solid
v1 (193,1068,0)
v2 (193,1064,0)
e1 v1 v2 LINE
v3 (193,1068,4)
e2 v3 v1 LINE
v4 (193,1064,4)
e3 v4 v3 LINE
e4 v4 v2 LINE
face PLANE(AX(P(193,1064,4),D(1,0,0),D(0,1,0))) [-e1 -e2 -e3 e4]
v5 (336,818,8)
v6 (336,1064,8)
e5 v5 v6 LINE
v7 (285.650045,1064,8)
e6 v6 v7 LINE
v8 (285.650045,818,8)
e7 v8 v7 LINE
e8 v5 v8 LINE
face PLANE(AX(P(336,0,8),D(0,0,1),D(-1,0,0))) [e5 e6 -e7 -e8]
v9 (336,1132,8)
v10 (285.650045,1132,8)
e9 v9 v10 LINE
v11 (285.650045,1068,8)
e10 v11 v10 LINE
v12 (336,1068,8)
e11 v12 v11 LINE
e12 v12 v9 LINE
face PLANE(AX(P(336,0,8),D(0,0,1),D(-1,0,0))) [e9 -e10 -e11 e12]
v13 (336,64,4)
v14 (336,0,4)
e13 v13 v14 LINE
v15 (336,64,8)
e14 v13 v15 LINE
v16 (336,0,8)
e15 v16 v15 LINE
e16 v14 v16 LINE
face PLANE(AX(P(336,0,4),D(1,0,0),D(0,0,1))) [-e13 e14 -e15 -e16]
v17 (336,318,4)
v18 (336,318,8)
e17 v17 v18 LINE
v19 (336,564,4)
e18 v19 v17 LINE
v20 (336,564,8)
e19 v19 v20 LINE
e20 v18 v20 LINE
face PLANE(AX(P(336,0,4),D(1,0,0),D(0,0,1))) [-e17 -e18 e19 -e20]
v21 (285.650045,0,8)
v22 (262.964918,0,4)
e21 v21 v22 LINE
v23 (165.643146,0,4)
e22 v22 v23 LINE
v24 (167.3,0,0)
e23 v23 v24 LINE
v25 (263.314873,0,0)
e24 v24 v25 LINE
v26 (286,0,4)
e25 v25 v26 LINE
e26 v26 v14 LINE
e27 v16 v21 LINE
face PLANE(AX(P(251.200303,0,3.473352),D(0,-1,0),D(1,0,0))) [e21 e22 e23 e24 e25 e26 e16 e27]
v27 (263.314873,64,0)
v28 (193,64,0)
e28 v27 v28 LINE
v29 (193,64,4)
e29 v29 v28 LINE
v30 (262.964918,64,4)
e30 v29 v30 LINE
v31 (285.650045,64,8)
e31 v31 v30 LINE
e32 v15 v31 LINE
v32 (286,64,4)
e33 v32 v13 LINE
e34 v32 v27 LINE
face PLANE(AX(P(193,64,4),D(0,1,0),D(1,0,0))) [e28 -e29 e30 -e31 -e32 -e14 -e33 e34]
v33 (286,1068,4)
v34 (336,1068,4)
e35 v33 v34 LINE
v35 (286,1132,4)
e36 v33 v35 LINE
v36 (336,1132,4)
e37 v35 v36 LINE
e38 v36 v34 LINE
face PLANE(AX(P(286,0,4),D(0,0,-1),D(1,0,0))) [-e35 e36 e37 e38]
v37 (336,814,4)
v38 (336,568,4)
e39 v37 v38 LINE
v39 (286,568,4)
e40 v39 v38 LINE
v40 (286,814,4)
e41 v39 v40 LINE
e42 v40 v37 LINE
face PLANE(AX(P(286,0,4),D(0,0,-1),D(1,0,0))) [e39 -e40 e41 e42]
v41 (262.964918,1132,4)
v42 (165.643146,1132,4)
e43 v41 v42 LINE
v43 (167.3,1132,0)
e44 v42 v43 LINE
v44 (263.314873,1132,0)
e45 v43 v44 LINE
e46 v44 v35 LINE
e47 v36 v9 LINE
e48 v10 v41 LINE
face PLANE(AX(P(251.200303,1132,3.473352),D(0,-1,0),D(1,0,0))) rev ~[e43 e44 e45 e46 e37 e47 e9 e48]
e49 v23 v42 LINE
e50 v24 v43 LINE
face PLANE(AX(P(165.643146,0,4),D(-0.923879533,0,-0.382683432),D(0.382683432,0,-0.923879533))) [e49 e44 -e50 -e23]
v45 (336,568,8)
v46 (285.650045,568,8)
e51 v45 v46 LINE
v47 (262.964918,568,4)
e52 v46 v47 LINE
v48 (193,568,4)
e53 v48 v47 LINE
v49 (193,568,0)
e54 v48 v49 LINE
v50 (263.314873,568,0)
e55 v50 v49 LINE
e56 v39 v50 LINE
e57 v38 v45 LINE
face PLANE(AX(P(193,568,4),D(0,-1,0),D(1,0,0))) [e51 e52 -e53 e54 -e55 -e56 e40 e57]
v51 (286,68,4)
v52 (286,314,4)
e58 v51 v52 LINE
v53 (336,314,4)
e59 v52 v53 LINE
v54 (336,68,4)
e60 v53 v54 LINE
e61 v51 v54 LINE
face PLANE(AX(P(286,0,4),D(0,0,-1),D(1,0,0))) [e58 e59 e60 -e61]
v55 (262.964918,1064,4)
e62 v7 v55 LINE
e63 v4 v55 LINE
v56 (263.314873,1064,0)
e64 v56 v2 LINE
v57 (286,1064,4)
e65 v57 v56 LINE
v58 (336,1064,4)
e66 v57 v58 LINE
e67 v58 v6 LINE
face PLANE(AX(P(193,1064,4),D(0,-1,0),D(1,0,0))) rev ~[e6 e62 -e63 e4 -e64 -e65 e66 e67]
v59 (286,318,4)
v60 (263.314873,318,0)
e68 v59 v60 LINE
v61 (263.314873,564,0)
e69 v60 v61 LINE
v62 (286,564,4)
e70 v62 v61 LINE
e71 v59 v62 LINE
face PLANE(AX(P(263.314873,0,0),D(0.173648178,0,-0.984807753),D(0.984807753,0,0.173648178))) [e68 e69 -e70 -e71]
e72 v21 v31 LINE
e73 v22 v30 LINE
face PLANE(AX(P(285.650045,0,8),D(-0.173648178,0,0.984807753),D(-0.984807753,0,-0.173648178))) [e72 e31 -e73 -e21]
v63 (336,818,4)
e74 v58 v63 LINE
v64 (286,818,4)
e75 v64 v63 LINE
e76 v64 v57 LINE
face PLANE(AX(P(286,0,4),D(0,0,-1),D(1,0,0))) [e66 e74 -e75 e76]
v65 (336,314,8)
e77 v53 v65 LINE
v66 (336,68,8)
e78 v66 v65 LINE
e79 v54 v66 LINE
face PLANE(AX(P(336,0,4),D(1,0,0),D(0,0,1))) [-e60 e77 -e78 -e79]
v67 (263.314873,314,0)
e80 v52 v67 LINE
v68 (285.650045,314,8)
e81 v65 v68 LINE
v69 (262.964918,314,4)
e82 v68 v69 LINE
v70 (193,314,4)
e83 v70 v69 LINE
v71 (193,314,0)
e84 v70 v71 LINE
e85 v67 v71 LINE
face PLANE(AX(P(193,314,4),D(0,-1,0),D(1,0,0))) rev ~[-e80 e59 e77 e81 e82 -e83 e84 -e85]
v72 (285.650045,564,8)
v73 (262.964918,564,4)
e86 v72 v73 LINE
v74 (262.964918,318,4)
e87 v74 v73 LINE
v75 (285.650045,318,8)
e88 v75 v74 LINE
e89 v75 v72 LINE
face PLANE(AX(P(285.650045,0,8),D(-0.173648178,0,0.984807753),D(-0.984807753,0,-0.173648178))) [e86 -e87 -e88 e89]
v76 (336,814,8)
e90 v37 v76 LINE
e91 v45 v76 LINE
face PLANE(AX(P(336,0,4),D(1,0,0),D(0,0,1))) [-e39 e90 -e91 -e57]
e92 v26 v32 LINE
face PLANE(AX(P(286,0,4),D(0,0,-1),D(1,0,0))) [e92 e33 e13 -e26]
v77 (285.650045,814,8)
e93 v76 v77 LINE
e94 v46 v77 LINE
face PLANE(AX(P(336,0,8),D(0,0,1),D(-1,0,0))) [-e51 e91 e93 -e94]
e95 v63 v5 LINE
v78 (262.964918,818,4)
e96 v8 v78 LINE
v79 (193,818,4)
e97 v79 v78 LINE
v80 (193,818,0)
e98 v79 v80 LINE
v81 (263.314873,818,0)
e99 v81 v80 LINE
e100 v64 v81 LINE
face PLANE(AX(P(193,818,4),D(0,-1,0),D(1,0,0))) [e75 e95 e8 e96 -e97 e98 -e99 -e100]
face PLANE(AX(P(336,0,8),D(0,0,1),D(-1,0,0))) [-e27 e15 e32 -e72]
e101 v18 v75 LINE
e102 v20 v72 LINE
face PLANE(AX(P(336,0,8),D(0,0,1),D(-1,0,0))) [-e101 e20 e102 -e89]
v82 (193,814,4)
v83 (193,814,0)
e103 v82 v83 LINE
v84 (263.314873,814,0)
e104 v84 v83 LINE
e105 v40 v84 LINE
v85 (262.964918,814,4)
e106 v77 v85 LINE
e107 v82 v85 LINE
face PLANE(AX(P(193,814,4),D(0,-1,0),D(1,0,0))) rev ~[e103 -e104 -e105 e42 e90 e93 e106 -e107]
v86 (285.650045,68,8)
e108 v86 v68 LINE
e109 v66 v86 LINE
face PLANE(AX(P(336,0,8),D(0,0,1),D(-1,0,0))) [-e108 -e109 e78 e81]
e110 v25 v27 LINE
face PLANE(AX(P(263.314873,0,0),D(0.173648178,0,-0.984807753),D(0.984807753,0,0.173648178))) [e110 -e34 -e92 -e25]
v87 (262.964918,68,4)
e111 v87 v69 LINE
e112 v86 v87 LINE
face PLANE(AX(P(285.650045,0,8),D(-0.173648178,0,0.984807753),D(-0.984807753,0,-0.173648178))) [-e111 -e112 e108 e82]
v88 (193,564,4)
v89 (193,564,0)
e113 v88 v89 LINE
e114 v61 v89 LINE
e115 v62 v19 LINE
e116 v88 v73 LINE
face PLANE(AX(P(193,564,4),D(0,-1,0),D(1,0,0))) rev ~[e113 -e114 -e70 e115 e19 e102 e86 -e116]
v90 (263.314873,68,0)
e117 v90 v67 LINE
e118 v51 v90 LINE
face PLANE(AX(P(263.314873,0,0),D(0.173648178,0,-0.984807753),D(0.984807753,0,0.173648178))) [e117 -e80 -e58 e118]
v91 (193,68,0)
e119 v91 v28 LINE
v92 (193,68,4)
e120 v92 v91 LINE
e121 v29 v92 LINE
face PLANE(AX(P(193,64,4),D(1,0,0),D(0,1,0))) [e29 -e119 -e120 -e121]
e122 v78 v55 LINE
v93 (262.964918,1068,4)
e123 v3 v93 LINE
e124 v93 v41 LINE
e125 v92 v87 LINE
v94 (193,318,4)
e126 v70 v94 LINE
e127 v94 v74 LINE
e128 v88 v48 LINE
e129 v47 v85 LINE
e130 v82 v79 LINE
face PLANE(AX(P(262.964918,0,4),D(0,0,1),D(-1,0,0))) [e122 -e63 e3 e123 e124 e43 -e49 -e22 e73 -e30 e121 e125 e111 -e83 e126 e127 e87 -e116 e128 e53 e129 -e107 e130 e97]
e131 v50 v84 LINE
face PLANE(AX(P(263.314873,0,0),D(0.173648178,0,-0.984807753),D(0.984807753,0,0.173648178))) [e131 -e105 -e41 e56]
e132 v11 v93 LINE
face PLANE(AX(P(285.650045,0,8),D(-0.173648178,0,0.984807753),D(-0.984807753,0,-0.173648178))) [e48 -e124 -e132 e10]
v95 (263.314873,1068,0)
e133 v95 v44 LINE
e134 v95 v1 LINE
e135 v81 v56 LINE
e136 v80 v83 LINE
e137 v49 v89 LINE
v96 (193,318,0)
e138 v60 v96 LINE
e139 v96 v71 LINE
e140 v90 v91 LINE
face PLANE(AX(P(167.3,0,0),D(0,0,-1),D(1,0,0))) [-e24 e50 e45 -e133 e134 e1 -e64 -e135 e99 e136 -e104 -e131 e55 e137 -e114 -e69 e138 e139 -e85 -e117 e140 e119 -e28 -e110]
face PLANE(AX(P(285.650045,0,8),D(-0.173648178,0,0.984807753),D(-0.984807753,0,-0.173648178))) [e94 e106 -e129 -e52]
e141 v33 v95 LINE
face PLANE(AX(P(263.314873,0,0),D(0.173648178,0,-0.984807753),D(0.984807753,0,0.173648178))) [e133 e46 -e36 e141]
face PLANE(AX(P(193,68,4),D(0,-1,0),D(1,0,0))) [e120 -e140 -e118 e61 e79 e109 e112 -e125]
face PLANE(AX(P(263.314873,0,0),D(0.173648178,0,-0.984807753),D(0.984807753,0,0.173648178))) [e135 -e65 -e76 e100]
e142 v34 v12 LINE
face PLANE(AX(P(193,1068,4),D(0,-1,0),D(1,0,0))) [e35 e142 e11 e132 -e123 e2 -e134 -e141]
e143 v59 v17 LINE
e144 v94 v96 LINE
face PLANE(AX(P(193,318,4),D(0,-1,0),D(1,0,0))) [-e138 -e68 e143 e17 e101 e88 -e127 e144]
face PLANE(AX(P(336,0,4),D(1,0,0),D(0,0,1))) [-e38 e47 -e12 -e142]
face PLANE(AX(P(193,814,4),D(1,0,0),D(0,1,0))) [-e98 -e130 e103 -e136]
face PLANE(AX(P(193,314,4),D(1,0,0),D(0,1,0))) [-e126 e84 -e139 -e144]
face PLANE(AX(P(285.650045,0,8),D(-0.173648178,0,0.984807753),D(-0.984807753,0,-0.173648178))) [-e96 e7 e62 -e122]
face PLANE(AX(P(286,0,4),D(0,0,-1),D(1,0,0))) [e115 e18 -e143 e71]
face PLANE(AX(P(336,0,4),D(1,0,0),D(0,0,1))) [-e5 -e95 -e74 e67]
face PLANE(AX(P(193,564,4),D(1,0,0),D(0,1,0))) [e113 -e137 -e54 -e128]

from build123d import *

# Parameters (mm, degrees)
F1_DEPTH      = 1132
F2_W          = 143
F2_H          = 4
F3_DEPTH      = 4.001
F3_DEPTH_BACK = 4.001


with BuildPart() as f1:
    # F0 (on Front) → F1 (new body)
    with BuildSketch(Plane.XZ):
        Polygon((286, 4), (336, 4), (336, 8), (285.6500453459, 8), (262.9649180674, 4), (165.6431457505, 4), (167.3, 0), (263.3148727215, 0), align=None)
    extrude(amount=-F1_DEPTH)

    # F2 (on face) → F3 (cut, two sides)
    with BuildSketch(Plane.XY.offset(4)) as f3_sk:
        with Locations((264.5, 66)):
            Rectangle(F2_W, F2_H)
        with Locations((264.5, 316)):
            Rectangle(F2_W, F2_H)
        with Locations((264.5, 566)):
            Rectangle(F2_W, F2_H)
        with Locations((264.5, 816)):
            Rectangle(F2_W, F2_H)
        with Locations((264.5, 1066)):
            Rectangle(F2_W, F2_H)
    extrude(amount=-F3_DEPTH, mode=Mode.SUBTRACT)
    extrude(f3_sk.sketch, amount=F3_DEPTH_BACK, mode=Mode.SUBTRACT)


solid = f1.part
